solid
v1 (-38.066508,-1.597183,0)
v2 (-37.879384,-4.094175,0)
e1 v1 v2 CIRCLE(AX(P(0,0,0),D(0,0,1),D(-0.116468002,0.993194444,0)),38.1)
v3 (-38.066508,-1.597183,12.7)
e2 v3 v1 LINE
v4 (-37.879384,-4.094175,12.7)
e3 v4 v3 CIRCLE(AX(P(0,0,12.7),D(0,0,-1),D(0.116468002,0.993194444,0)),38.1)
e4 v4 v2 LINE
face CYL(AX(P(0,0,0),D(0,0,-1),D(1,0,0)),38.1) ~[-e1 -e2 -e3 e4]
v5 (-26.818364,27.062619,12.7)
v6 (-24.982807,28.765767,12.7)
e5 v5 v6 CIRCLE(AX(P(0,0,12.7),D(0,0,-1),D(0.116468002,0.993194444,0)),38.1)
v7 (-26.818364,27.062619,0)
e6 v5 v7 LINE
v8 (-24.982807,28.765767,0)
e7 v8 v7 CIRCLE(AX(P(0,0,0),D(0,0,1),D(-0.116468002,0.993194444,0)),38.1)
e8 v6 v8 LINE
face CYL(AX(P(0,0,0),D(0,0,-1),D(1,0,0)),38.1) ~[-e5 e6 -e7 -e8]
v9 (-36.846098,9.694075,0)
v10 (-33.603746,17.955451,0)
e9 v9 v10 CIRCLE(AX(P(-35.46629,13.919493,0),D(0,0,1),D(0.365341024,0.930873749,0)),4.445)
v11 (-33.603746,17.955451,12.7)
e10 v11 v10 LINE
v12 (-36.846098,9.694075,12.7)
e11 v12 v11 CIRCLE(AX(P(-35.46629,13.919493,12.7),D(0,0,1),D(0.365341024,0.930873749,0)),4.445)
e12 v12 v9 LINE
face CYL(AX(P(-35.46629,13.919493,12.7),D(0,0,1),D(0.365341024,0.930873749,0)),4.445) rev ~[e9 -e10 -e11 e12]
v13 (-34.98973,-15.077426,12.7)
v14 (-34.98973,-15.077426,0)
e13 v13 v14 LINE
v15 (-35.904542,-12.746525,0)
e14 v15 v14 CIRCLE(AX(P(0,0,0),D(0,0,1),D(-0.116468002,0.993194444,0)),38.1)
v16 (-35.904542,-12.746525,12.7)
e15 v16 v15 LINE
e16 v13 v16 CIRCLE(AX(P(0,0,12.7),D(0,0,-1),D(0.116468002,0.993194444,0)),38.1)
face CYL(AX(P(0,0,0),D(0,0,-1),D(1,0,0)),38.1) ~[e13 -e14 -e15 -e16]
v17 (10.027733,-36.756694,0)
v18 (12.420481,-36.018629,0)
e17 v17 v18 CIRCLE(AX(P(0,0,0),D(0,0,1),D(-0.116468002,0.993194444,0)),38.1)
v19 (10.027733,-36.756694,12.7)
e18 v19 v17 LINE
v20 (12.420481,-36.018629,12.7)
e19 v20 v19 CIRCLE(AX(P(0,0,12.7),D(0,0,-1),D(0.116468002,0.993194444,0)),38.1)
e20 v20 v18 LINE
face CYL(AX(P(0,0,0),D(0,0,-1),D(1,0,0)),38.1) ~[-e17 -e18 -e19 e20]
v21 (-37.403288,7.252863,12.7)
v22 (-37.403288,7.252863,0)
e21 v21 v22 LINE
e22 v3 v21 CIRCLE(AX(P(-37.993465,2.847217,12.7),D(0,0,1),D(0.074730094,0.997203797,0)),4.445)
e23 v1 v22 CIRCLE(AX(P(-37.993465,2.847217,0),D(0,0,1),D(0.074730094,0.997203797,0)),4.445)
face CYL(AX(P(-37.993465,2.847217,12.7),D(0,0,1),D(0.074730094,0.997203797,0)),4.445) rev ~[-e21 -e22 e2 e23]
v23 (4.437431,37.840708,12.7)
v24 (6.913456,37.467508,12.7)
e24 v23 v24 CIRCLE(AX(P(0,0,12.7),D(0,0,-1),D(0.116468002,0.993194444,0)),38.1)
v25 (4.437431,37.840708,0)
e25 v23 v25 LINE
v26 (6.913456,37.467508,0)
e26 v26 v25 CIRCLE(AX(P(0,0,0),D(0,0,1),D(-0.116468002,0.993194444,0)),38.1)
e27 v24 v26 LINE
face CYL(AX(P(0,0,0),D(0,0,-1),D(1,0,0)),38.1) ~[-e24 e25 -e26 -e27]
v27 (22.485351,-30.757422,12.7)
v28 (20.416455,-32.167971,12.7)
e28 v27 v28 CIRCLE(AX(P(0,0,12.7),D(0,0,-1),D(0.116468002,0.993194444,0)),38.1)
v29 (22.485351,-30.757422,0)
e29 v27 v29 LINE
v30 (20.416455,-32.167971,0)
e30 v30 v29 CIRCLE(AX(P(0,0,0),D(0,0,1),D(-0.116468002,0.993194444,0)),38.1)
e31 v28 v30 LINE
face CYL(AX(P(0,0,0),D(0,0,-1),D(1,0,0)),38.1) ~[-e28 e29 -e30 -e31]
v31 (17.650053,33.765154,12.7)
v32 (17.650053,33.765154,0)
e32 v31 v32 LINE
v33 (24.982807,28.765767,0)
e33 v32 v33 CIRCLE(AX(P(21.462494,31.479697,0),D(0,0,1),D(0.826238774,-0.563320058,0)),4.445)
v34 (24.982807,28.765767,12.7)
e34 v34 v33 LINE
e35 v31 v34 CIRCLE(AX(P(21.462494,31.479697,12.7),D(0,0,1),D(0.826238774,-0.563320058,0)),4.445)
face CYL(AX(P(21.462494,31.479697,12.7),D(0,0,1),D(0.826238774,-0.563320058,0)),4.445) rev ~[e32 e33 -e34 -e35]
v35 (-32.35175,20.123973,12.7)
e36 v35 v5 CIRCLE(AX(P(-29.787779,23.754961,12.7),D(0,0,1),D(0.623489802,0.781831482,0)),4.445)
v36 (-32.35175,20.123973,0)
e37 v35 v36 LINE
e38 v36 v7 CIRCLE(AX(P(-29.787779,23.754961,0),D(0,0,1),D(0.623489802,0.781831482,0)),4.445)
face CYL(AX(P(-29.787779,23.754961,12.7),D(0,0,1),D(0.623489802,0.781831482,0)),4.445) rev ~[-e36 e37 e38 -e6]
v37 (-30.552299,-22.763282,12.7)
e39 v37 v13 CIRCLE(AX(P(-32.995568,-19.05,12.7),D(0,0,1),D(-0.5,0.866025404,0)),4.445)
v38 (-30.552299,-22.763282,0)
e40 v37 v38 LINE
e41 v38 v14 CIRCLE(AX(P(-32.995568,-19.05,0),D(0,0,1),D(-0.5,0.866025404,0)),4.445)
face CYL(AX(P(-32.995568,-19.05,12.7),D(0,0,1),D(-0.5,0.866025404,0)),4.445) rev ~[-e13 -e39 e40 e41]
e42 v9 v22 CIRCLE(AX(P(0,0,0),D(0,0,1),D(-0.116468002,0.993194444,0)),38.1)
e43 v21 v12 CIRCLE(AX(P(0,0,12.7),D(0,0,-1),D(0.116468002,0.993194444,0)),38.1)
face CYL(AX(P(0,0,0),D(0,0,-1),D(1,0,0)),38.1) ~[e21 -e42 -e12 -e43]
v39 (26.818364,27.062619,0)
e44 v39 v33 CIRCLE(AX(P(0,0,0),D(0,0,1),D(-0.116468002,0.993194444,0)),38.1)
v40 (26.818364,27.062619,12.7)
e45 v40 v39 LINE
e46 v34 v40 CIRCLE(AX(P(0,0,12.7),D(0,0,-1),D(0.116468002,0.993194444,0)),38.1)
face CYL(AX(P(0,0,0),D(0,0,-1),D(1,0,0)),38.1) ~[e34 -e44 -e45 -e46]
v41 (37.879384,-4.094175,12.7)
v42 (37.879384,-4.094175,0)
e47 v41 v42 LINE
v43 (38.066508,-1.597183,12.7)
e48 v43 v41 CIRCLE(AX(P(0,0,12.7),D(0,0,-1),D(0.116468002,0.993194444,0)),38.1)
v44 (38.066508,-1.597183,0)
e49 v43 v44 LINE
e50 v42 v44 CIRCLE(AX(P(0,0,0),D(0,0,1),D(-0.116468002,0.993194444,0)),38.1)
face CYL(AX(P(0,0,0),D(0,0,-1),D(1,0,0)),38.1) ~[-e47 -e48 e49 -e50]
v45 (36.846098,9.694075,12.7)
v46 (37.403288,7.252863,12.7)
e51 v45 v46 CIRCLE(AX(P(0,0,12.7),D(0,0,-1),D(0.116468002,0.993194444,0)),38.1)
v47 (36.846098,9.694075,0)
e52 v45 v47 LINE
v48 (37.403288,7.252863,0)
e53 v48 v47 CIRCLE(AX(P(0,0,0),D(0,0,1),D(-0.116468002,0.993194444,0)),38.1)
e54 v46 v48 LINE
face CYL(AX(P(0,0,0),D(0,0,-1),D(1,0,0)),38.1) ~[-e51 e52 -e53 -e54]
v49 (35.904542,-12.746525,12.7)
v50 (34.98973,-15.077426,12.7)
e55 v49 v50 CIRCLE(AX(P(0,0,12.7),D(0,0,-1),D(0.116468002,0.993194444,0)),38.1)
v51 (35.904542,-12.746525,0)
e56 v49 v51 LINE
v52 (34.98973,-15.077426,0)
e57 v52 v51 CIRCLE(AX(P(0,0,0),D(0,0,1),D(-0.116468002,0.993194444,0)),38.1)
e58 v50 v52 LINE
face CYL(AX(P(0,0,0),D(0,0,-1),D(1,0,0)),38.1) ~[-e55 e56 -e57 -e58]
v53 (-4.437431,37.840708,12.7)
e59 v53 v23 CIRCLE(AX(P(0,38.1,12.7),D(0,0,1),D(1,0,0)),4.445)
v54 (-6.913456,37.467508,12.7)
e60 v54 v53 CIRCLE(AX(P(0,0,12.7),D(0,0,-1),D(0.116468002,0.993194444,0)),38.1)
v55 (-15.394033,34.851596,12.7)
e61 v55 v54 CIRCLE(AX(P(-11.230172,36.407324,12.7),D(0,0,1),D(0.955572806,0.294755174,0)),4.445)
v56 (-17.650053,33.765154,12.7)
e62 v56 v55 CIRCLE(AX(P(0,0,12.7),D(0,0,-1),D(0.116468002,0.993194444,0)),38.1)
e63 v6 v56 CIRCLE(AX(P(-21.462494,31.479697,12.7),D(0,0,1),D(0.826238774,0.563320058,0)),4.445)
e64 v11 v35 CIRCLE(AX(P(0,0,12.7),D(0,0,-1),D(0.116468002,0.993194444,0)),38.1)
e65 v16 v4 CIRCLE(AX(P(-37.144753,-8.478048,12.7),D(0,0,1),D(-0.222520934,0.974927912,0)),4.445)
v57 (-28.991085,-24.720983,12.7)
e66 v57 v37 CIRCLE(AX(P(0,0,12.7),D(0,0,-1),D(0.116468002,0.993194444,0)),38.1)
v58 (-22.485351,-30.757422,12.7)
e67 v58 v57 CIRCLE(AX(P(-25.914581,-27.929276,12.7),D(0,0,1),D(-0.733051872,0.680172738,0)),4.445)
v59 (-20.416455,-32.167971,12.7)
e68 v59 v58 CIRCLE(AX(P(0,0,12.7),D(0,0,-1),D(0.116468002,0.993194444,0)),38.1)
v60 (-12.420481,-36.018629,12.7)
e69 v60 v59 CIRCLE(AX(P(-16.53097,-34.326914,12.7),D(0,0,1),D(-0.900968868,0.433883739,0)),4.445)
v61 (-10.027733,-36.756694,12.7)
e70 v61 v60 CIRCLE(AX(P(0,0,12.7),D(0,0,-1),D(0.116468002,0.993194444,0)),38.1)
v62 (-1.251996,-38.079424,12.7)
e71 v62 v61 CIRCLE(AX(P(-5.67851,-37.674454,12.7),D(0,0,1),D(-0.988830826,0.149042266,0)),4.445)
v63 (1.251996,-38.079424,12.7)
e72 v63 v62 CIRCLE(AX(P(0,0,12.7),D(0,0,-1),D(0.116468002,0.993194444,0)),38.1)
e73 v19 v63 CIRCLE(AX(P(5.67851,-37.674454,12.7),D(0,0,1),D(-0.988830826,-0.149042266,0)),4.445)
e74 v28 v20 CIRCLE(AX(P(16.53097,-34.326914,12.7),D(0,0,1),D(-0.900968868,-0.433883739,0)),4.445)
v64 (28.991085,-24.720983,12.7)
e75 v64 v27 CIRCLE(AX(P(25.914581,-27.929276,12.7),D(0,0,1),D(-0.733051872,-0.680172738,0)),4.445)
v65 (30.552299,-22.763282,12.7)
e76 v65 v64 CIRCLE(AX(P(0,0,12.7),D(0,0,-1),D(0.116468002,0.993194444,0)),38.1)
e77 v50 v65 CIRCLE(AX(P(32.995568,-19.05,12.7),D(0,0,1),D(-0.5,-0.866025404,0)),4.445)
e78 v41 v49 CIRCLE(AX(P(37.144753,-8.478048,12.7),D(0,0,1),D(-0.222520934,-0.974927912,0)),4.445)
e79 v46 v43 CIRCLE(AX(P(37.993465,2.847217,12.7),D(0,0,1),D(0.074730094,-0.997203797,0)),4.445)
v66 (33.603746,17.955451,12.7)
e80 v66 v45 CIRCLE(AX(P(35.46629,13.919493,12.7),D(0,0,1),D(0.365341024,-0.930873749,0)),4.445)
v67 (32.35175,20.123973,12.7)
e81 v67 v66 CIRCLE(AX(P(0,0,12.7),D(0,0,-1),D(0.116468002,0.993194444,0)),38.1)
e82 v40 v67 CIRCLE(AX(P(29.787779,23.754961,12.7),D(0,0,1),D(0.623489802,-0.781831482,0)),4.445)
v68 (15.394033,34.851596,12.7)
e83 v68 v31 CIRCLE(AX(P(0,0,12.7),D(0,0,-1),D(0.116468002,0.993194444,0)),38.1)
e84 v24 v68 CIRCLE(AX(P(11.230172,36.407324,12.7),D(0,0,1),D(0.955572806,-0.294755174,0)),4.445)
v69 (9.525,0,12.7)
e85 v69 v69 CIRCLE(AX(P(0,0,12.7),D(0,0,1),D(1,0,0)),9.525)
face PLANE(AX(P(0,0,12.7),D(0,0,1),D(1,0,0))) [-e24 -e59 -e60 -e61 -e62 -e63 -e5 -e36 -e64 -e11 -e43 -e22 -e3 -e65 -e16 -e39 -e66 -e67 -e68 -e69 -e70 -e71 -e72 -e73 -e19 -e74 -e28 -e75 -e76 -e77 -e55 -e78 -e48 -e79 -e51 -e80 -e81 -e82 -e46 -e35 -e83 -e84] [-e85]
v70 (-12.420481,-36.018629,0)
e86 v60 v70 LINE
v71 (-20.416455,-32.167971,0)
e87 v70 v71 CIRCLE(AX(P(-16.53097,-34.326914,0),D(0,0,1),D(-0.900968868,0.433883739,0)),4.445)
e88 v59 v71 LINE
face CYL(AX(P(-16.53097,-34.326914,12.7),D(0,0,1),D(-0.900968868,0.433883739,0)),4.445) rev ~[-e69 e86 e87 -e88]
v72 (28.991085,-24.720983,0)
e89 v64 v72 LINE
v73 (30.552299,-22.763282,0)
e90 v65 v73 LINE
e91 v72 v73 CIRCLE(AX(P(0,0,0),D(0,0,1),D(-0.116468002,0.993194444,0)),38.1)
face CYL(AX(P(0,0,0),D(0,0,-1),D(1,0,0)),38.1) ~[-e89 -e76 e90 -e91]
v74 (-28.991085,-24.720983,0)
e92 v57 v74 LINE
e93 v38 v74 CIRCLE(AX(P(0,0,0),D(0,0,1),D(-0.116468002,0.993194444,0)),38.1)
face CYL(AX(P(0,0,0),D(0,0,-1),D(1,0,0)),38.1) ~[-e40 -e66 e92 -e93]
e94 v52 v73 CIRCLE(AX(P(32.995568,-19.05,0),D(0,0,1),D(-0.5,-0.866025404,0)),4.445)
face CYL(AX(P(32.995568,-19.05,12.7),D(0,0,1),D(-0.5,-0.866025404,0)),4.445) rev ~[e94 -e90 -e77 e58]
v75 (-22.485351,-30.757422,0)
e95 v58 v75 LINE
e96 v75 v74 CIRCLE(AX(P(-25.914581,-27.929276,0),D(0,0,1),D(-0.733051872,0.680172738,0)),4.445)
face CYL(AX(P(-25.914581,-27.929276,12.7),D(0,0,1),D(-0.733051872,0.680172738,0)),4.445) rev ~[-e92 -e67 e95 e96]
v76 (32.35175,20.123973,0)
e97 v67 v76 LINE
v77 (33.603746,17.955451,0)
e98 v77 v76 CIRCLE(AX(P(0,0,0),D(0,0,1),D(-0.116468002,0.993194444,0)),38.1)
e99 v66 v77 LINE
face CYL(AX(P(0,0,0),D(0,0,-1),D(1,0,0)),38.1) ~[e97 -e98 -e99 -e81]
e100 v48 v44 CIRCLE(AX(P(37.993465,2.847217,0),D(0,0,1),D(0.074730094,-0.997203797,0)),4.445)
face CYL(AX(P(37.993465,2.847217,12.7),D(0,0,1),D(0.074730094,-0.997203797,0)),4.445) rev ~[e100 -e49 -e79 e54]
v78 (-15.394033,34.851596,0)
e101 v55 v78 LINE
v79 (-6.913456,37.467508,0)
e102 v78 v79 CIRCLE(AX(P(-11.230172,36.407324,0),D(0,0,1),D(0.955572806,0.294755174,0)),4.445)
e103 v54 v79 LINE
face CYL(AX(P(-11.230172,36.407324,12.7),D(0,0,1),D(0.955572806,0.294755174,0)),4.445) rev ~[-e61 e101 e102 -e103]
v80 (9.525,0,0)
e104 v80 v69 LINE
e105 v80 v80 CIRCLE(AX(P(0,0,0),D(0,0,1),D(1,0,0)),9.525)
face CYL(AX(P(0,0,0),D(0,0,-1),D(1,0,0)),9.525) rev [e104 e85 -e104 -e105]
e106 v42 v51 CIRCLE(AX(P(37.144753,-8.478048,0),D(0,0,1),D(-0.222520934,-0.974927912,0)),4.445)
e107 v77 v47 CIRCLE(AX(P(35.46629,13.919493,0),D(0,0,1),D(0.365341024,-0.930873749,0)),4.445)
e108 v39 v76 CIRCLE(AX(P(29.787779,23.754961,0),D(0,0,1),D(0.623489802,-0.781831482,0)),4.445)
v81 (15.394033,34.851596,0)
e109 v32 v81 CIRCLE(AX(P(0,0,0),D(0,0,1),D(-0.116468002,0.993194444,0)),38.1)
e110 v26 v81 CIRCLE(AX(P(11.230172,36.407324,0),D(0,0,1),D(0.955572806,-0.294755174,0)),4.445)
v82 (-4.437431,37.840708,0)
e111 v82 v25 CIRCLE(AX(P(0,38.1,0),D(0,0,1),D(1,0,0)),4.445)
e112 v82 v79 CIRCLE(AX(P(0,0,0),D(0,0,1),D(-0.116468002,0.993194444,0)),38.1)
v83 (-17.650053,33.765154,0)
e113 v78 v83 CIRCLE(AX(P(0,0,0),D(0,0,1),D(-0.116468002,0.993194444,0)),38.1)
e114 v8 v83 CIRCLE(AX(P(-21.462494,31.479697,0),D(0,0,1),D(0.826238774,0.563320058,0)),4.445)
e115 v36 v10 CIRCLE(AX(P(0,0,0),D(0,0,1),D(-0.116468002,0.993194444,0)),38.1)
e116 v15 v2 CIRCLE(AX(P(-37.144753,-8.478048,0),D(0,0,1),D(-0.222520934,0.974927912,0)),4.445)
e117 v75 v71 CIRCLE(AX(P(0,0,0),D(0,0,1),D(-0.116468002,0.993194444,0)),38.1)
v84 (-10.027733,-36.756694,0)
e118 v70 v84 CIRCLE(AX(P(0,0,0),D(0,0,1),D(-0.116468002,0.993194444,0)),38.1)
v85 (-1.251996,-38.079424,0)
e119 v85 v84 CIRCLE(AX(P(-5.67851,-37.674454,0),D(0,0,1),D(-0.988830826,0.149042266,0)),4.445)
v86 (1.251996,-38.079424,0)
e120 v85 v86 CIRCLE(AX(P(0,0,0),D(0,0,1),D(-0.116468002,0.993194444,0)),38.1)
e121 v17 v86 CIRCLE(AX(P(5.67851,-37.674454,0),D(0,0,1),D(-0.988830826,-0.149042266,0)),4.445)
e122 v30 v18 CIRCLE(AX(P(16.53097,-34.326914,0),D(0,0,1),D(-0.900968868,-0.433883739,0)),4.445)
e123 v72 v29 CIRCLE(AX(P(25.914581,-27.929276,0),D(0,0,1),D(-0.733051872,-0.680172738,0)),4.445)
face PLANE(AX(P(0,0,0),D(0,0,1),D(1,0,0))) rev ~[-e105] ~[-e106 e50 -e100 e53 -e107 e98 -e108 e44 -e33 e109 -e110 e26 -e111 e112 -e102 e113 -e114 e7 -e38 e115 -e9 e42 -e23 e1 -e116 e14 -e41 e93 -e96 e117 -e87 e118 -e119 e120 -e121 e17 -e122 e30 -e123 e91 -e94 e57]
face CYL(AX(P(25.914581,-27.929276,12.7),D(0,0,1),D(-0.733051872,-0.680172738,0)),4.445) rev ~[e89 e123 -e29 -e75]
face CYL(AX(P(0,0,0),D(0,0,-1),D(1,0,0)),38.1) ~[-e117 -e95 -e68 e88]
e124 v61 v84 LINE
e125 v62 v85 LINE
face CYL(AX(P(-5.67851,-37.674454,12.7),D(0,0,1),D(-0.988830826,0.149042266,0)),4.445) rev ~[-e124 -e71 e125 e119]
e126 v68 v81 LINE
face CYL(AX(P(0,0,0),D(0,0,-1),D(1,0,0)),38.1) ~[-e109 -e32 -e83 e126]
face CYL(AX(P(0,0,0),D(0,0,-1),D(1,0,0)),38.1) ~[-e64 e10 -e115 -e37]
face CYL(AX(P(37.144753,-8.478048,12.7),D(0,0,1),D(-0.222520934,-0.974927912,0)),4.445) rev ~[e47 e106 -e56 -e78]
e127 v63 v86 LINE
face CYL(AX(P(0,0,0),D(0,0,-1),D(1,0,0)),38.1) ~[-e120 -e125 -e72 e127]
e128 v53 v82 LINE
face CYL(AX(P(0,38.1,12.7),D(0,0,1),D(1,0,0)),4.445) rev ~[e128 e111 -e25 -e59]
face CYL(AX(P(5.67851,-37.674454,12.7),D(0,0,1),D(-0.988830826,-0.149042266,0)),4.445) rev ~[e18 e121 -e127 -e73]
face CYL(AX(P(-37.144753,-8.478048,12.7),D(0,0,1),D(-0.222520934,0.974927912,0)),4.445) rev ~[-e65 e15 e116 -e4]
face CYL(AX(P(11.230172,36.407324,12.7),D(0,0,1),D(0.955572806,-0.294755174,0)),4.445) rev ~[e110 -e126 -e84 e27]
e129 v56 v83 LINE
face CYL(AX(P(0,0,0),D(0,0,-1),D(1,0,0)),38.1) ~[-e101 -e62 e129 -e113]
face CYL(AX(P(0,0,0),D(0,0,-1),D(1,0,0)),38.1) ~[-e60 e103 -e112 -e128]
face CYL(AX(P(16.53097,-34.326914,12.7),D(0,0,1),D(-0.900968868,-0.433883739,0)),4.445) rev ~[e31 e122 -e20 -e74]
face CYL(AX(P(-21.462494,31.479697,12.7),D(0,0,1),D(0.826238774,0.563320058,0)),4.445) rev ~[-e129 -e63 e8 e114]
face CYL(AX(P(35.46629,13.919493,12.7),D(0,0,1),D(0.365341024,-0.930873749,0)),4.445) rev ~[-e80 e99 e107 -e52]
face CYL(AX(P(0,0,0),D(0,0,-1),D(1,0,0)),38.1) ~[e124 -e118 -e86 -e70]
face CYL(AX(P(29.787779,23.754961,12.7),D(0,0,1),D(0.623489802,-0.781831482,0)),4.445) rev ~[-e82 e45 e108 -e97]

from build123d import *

# Parameters (mm, degrees)
SKETCH1_R           = 38.1
SKETCH1_R_2         = 9.525
BOSS_EXTRUDE1_DEPTH = 12.7
SKETCH2_R           = 4.445
CUT_EXTRUDE1_DEPTH  = 56.358016583
CIRPATTERN1_COUNT   = 21


with BuildPart() as part:
    # Sketch1 → Boss-Extrude1 (new body)
    with BuildSketch(Plane.XY):
        Circle(SKETCH1_R)
        Circle(SKETCH1_R_2, mode=Mode.SUBTRACT)
    extrude(amount=BOSS_EXTRUDE1_DEPTH)

    # Sketch2 → Cut-Extrude1 (cut, through all)
    with BuildSketch(Plane.XY.offset(12.7)):
        with Locations((0, 38.1)):
            Circle(SKETCH2_R)
    cut_extrude1 = extrude(amount=-CUT_EXTRUDE1_DEPTH, mode=Mode.SUBTRACT)

    # CirPattern1: Cut-Extrude1 ×21 about axis
    cirpattern1_axis = Axis((0, 0, 0), (0, 0, 1))
    for i in range(1, CIRPATTERN1_COUNT):
        add(cut_extrude1.rotate(cirpattern1_axis, i * 360 / CIRPATTERN1_COUNT), mode=Mode.SUBTRACT)


solid = part.part
